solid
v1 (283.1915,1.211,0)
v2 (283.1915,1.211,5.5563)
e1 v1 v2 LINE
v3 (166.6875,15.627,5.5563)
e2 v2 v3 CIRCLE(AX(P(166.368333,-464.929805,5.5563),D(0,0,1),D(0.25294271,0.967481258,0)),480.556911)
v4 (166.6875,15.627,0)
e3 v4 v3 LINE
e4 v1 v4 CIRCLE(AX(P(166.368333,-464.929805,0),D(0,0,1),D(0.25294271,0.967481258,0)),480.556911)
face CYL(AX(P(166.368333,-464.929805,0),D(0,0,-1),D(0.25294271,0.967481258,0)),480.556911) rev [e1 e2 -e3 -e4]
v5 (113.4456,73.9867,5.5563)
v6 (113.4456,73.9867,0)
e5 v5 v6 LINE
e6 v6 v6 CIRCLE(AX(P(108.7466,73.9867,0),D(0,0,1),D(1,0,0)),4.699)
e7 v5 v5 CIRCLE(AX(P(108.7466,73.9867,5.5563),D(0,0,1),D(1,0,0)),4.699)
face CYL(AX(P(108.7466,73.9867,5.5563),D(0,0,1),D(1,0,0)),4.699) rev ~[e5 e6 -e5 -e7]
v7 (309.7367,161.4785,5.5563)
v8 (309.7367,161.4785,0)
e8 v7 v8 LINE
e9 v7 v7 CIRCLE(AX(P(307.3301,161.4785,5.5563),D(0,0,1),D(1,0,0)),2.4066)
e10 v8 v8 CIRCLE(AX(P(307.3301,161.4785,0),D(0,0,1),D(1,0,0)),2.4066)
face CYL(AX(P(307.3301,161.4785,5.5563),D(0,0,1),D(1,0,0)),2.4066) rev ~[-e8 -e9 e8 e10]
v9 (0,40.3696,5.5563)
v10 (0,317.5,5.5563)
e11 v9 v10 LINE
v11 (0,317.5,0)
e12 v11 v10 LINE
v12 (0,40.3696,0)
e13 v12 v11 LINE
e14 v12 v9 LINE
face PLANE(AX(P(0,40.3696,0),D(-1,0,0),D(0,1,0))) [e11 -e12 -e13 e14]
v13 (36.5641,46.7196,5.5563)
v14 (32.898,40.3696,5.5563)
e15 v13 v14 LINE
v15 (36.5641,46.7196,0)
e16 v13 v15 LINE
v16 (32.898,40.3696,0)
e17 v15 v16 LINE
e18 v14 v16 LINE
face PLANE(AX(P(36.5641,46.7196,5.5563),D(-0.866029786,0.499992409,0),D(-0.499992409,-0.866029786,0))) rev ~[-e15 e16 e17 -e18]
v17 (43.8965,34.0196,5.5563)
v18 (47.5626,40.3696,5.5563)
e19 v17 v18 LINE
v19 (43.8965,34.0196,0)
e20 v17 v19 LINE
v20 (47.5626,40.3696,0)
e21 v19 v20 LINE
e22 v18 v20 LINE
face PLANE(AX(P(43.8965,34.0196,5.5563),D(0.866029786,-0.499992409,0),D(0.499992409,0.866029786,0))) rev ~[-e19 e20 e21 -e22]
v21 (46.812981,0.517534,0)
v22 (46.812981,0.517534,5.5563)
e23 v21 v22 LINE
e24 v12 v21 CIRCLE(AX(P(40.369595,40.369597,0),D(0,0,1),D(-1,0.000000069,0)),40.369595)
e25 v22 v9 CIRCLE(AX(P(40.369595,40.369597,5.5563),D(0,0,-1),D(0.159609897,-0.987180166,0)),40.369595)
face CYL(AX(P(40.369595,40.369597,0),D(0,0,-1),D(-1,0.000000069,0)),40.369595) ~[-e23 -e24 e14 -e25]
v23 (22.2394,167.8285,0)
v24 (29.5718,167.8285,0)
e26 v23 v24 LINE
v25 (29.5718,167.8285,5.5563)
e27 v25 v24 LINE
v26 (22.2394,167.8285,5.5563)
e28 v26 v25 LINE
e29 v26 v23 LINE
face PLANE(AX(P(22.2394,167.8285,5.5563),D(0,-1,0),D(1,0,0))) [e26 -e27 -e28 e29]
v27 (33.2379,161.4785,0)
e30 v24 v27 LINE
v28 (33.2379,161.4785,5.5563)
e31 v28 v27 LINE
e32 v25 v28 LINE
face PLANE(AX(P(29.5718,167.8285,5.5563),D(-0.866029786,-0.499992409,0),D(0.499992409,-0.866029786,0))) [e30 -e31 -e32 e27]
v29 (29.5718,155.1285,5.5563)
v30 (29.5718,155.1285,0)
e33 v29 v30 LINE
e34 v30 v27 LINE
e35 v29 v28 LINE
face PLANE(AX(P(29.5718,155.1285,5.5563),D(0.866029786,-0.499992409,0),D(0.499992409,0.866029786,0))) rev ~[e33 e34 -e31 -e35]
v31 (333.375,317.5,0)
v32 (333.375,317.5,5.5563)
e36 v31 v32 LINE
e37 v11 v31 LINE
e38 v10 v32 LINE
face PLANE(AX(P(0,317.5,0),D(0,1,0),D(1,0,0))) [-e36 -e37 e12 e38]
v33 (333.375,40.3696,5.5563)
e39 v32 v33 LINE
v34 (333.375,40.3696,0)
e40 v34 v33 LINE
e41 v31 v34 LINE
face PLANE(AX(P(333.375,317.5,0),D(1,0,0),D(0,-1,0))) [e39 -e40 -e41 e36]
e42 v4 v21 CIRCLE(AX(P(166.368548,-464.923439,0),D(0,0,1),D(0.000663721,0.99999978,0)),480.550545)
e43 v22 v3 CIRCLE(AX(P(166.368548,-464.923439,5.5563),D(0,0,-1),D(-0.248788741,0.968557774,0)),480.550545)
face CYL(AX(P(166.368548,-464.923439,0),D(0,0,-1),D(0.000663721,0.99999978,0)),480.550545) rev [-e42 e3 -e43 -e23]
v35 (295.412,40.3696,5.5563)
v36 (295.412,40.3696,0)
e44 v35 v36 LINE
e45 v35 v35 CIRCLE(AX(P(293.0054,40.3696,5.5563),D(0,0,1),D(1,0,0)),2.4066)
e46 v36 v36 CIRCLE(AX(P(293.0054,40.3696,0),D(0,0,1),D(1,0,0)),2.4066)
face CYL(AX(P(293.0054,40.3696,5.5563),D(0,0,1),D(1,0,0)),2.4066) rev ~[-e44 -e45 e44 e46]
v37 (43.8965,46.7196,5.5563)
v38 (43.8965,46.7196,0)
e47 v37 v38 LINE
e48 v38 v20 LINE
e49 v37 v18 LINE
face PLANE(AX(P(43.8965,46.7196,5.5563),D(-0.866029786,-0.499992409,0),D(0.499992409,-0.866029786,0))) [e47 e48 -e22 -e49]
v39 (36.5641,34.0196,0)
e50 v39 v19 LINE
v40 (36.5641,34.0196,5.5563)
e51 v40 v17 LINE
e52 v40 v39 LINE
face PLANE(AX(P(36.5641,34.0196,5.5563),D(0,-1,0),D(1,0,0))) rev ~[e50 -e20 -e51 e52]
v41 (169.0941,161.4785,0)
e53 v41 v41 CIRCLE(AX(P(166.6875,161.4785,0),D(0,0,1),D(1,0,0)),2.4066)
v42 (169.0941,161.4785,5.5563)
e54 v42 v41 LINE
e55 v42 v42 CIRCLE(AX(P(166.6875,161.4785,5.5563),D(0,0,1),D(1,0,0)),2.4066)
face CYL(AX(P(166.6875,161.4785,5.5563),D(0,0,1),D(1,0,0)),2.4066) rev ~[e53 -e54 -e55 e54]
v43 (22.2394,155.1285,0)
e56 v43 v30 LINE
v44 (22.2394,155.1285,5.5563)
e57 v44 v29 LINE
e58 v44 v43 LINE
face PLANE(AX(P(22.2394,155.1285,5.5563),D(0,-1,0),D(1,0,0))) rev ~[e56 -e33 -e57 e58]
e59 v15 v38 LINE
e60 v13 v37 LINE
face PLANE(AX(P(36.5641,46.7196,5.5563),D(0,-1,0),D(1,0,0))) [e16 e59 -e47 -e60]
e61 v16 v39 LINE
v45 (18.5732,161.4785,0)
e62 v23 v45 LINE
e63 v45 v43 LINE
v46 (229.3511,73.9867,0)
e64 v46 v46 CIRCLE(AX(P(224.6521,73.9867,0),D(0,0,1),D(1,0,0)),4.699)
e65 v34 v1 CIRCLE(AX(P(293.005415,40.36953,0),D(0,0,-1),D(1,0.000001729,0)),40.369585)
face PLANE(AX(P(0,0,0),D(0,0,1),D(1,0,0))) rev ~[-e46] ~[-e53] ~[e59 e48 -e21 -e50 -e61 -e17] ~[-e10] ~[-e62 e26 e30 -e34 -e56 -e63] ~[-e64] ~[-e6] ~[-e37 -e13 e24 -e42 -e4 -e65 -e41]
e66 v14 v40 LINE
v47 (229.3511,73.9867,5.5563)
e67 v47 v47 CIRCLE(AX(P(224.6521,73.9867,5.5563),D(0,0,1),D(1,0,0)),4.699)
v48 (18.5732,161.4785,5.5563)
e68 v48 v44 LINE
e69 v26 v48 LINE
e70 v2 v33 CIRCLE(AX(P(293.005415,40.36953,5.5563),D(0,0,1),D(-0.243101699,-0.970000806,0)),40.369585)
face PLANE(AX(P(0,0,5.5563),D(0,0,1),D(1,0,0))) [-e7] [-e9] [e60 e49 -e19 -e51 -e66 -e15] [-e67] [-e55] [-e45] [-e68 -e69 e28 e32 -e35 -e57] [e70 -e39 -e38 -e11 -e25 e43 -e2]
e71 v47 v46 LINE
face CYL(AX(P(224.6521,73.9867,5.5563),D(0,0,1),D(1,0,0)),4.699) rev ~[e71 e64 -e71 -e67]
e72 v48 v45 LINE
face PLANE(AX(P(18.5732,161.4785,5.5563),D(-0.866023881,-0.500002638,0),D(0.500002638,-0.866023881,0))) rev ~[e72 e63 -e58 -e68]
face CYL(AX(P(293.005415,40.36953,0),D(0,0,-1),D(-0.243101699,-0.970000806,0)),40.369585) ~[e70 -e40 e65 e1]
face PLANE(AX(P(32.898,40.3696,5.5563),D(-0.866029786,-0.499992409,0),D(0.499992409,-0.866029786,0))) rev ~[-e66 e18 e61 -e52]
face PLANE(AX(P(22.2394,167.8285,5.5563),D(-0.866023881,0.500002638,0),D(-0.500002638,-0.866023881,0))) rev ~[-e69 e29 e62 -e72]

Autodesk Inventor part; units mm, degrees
ref_plane "YZ Plane" through (0, 0, 0) normal (1, 0, 0) x (0, 1, 0)
ref_plane "XZ Plane" through (0, 0, 0) normal (0, 1, 0) x (-1, 0, 0)
ref_plane "XY Plane" through (0, 0, 0) normal (0, 0, 1) x (1, 0, 0)
sketch "Sketch1" plane through (0, 0, 0) normal (0, 0, 1) x (1, 0, 0)
  line L0 (40.3696, 0) -> (44.816, 0)
  line L1 (293.0054, 0) -> (287.9217, 0)
  arc A0 (0, 40.3696) -> (53.3921, 2.1581) centre (40.3696, 40.3696) ccw
  arc A1 (283.1915, 1.211) -> (333.375, 40.3696) centre (293.0054, 40.3696) ccw
  arc A2 (166.6875, 15.627) -> (44.816, 0) centre (166.3688, -464.9274) ccw
  arc A3 (287.9217, 0) -> (283.1915, 1.211) centre (166.3688, -464.9274) ccw
  arc A4 (53.3921, 2.1581) -> (44.816, 0) centre (166.3688, -464.9274) ccw
  arc A5 (287.9217, 0) -> (166.6875, 15.627) centre (166.3688, -464.9274) ccw
  line L2 (0, 40.3696) -> (0, 317.5)
  line L3 (333.375, 317.5) -> (333.375, 40.3696)
  line L4 (0, 317.5) -> (333.375, 317.5)
  line L5 (40.3696, 0) -> (293.0054, 0)
  point P0 (0, 0)
  point P1 (46.8129, 0.5175)
  dimension "d158" = 333.375
  dimension "d173" = 317.5
extrude "Extrusion1" add sketch "Sketch1" along normal blind 5.5563 contours A0 L2 L4 L3 A1 A5 A2
sketch "Sketch2" plane through (0, 0, 5.5563) normal (0, 0, 1) x (1, 0, 0)
  line L0 (43.8965, 34.0196) -> (47.5626, 40.3696)
  line L1 (43.8965, 46.7196) -> (47.5626, 40.3696)
  line L2 (36.5641, 46.7196) -> (43.8965, 46.7196)
  line L3 (36.5641, 34.0196) -> (43.8965, 34.0196)
  line L4 (36.5641, 46.7196) -> (32.898, 40.3696)
  line L5 (32.898, 40.3696) -> (36.5641, 34.0196)
  circle A0 centre (40.3696, 40.3696) radius 2.9337
  circle A1 centre (26.0449, 161.4785) radius 2.4066
  line L6 (0, 187.5234) -> (0, 40.3696)
  circle A2 centre (166.6875, 161.4785) radius 2.4066
  line L7 (333.375, 187.5234) -> (0, 187.5234)
  circle A3 centre (293.0054, 40.3696) radius 2.4066
  arc A4 (283.1915, 1.211) -> (333.375, 40.3696) centre (293.0054, 40.3696) ccw
  circle A5 centre (307.3301, 161.4785) radius 2.4066
  line L8 (333.375, 40.3696) -> (333.375, 187.5234)
  circle A6 centre (40.3696, 40.3696) radius 2.4066
  arc A7 (0, 40.3696) -> (46.8129, 0.5175) centre (40.3696, 40.3696) ccw
  line L9 (22.2394, 167.8285) -> (18.5732, 161.4785)
  line L10 (18.5732, 161.4785) -> (22.2394, 155.1285)
  line L11 (22.2394, 167.8285) -> (29.5718, 167.8285)
  line L12 (22.2394, 155.1285) -> (29.5718, 155.1285)
  line L13 (29.5718, 155.1285) -> (33.2379, 161.4785)
  line L14 (29.5718, 167.8285) -> (33.2379, 161.4785)
  circle A8 centre (26.0449, 161.4785) radius 2.9337
  point P0 (333.375, 40.3696)
  point P1 (283.1915, 1.211)
  point P2 (365.2681, 51.0131)
  point P3 (0, 0)
  point P4 (0, 0)
  dimension "d102" = 12.7
  dimension "d103" = 12.7
  dimension "d104" = 12.7
  dimension "d105" = 7.3323
  dimension "d106" = 7.3323
  dimension "d107" = 7.3323
  dimension "d108" = 7.3323
  dimension "d109" = 7.3323
  dimension "d110" = 7.3323
  dimension "d145" = 5.8674
  dimension "d160" = 333.375
  dimension "d161" = 12.7
  dimension "d162" = 12.7
  dimension "d163" = 12.7
  dimension "d164" = 7.3323
  dimension "d165" = 7.3323
  dimension "d166" = 7.3323
  dimension "d167" = 7.3323
  dimension "d168" = 7.3323
  dimension "d169" = 7.3323
  dimension "d170" = 5.8674
extrude "Extrusion2" cut sketch "Sketch2" against normal through all contours L3 L5 L4 L2 L1 L0 | A0 | A1 | A2 | A3 | A5 | A6 | L11 L14 L13 L12 L10 L9 | A8
sketch "Sketch6" plane through (0, 0, 5.5563) normal (0, 0, 1) x (1, 0, 0)
  ellipse E0 centre (224.6212, 89.9867) end of major axis (224.6174, 91.9867) minor radius 2
  ellipse E1 centre (224.6212, 57.9868) end of major axis (224.6139, 59.9867) minor radius 2
  line L0 (292.9982, 40.3696) -> (224.6212, 40.3696)
  line L1 (224.6212, 40.3696) -> (224.6212, 57.9868)
  ellipse E2 centre (108.7157, 89.9867) end of major axis (108.7119, 91.9867) minor radius 2
  ellipse E3 centre (108.7466, 57.9868) end of major axis (108.7392, 59.9867) minor radius 2
  line L2 (108.7466, 40.2597) -> (108.7466, 57.8769)
  circle A0 centre (224.6521, 73.9867) radius 4.699
  circle A1 centre (108.7466, 73.9867) radius 4.699
  line L3 (40.3696, 40.2597) -> (108.7466, 40.2597)
  circle A2 centre (293.0054, 40.3696) radius 2.4066 projected
  point P0 (0, 0)
  dimension "d147" = 17.6171
  dimension "d150" = 17.6171
  dimension "d152" = 9.398
  dimension "d153" = 9.398
  dimension "d171" = 31.9999
  dimension "d172" = 31.9999
extrude "Extrusion7" cut sketch "Sketch6" against normal through all contours A0 | A1
properties part number "FTC Outside Panels" material "Wood (Oak)"
